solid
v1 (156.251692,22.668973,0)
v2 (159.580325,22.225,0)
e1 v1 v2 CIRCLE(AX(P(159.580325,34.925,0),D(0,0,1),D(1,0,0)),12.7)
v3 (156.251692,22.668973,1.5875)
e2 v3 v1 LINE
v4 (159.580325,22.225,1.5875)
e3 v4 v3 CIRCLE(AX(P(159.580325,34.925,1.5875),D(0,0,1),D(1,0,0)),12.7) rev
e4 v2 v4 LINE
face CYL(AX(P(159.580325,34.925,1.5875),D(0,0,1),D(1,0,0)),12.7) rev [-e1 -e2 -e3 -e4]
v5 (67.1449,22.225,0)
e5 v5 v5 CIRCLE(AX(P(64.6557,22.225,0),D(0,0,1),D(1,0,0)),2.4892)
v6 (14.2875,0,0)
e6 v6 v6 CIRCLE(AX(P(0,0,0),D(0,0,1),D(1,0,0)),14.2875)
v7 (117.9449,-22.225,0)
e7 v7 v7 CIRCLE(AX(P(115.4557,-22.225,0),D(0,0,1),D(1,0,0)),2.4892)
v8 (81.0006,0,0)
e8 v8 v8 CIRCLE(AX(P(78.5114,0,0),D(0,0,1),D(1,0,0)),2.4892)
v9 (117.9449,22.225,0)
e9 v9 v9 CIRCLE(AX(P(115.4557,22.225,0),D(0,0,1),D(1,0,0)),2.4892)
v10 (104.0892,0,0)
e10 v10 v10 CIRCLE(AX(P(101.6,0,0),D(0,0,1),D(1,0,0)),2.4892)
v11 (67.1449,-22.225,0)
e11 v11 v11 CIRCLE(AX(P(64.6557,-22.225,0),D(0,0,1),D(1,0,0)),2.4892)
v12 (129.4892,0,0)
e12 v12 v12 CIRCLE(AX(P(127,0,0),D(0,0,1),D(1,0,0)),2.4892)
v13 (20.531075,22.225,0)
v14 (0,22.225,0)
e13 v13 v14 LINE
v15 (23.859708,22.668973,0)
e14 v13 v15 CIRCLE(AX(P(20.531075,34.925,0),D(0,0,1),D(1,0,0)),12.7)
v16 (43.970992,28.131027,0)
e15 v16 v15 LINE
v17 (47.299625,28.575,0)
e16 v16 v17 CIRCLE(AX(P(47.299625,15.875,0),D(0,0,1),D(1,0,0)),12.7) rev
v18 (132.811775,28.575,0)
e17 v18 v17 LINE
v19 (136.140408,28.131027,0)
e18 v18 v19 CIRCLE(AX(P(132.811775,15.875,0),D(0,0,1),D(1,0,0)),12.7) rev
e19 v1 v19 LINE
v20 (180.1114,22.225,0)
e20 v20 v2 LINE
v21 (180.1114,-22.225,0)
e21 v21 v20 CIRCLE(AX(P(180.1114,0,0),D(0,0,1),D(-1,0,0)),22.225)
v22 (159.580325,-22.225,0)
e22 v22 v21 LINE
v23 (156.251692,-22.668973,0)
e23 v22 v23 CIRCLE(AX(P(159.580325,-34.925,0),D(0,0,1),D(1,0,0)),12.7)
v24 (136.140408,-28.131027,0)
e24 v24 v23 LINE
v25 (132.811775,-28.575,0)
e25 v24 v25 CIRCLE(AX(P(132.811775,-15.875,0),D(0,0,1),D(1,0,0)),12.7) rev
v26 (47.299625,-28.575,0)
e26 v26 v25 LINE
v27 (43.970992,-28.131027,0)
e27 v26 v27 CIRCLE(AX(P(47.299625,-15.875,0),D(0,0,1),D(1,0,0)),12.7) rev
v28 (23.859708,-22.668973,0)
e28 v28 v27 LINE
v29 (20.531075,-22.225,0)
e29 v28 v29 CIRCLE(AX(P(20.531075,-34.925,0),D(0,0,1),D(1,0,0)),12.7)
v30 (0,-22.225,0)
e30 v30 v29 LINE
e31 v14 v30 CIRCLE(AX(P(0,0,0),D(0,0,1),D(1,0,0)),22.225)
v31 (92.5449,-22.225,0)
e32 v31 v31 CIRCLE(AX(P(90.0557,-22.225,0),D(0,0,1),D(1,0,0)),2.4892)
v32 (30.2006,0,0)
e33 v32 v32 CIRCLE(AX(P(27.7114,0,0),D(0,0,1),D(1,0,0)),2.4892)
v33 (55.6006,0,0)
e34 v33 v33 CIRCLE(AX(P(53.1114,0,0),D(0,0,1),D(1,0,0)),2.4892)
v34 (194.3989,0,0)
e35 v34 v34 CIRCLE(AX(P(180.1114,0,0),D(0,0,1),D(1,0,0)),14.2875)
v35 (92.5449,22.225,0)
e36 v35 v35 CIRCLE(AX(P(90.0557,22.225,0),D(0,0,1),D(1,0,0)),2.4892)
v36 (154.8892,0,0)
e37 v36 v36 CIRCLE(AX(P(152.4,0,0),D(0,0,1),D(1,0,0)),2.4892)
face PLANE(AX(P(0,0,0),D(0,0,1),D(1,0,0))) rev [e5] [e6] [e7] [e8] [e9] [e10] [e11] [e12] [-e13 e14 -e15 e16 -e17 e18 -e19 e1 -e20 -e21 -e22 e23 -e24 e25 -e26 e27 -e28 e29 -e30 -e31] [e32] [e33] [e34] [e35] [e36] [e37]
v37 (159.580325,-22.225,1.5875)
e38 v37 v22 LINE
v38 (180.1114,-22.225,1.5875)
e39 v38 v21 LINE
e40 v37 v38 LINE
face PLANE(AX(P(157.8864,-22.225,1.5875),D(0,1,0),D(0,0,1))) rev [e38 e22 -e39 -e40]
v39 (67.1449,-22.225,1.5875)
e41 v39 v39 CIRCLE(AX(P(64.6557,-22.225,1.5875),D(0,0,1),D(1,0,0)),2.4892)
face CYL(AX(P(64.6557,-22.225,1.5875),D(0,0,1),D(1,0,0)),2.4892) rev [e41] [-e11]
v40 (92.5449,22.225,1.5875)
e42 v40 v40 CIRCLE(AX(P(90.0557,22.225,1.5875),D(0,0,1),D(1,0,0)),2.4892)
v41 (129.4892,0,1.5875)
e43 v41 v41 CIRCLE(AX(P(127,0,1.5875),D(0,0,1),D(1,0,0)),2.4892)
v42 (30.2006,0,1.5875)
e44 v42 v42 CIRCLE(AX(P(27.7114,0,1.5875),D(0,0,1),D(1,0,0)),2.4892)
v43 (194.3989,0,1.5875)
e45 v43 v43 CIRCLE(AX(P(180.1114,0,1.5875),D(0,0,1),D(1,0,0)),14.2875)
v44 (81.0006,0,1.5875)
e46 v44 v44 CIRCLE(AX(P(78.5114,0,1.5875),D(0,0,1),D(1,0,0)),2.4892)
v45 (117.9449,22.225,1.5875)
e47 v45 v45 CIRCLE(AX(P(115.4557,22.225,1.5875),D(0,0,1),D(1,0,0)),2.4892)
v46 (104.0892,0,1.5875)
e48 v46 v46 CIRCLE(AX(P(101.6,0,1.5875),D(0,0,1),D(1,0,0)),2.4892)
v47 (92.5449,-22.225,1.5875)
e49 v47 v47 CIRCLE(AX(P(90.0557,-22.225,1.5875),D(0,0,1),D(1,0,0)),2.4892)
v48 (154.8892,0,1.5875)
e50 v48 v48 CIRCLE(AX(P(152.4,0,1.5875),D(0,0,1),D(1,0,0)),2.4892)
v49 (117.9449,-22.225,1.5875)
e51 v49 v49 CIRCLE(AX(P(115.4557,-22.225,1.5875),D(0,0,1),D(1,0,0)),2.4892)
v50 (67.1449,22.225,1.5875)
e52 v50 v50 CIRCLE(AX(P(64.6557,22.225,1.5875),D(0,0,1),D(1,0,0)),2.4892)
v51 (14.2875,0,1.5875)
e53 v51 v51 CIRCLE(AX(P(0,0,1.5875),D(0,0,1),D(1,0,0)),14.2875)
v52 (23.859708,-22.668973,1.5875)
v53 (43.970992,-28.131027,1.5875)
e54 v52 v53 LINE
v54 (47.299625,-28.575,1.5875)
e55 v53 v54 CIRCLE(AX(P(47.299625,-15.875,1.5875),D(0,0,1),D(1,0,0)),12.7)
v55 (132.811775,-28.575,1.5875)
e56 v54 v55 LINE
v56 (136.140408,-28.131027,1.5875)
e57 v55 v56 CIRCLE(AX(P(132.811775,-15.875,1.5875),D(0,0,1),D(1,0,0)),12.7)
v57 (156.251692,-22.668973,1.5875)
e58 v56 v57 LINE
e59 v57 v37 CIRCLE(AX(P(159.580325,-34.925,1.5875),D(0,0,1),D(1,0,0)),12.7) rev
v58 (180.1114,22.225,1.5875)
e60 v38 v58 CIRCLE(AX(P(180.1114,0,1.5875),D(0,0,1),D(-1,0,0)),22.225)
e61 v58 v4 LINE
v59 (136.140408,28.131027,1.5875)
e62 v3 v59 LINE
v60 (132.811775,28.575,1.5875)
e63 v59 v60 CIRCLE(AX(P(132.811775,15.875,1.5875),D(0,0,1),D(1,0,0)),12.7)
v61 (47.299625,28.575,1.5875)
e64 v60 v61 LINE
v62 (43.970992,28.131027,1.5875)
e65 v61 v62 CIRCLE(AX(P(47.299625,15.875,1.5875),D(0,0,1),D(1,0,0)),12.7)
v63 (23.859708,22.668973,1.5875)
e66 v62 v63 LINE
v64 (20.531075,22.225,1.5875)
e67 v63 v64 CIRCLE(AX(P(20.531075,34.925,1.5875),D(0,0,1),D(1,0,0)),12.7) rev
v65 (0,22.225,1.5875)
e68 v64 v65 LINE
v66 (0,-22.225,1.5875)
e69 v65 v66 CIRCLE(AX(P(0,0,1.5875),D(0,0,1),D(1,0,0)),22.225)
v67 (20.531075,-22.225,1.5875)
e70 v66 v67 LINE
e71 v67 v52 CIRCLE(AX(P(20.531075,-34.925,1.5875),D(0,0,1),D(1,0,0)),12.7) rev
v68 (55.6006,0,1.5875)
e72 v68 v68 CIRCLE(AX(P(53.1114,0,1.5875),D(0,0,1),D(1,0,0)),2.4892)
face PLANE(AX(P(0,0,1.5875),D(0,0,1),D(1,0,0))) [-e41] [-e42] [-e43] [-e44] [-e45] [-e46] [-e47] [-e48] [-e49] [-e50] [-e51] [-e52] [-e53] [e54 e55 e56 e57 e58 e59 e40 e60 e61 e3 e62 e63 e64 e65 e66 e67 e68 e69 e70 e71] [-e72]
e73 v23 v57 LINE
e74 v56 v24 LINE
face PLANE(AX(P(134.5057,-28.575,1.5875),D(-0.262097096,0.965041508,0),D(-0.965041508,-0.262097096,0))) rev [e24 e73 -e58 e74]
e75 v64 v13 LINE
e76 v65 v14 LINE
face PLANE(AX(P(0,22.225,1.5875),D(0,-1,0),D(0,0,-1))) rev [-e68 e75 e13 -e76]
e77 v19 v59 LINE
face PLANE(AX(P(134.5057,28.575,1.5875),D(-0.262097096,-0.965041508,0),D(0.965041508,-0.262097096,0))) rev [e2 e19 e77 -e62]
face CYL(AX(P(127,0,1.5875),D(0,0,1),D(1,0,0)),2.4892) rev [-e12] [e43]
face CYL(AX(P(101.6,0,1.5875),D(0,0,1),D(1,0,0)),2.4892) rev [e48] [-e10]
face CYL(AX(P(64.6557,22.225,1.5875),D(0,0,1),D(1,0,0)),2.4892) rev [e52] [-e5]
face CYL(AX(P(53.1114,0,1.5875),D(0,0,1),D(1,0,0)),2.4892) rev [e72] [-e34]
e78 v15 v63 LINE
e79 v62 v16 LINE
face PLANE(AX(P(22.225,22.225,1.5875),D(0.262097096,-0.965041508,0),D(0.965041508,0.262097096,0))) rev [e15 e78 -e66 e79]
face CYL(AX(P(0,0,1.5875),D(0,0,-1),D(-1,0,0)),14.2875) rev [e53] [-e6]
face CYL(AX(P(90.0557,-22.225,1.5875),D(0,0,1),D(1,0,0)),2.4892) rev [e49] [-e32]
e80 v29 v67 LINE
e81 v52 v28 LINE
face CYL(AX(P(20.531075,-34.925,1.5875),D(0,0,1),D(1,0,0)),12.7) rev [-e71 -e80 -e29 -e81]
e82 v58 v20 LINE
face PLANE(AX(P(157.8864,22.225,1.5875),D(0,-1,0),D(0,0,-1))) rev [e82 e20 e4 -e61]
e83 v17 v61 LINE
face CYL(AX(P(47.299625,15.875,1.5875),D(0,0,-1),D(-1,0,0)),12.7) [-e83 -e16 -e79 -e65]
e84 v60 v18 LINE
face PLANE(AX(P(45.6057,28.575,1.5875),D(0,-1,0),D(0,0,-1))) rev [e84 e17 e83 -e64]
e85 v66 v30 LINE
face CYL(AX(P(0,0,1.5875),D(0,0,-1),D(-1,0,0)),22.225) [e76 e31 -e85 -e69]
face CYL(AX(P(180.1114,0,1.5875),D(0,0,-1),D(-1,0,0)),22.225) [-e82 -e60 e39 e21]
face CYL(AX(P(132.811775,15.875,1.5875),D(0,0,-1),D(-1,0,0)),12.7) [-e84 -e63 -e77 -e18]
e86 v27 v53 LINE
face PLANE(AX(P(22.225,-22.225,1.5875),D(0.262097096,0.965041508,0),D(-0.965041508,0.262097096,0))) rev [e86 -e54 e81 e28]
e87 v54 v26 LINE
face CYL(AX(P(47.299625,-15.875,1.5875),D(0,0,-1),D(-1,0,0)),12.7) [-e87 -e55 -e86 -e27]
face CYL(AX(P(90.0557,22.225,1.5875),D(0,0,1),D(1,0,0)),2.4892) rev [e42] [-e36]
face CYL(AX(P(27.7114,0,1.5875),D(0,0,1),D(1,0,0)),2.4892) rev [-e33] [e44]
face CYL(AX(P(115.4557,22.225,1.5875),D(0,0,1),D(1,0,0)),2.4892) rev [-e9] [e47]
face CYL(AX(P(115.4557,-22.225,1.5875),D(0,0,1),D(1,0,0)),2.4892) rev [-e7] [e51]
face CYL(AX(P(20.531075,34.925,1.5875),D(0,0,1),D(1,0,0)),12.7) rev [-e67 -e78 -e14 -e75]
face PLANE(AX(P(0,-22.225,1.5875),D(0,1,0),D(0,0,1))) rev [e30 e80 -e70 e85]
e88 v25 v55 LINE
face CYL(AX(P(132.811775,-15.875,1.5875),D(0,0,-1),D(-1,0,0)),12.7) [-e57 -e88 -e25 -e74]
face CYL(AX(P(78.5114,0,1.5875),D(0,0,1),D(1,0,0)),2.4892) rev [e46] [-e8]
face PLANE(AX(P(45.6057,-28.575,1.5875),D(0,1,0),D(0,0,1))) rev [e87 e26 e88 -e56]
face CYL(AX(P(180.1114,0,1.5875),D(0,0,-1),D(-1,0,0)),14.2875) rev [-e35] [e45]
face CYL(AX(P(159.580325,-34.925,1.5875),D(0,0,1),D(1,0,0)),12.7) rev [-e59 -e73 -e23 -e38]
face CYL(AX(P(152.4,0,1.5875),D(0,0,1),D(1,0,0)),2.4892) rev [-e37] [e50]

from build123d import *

# Parameters (mm, degrees)
SKETCH1_R              = 14.2875
BOSS_EXTRUDE1_DEPTH    = 1.5875
F_10_CLEARANCE_HOLE1_D = 4.9784
FILLET1_R              = 12.7


with BuildPart() as part:
    # Sketch1 → Boss-Extrude1 (new body)
    with BuildSketch(Plane.XY):
        with BuildLine():
            Line((0, 22.225), (22.225, 22.225))
            Line((22.225, 22.225), (45.6057, 28.575))
            Line((45.6057, 28.575), (134.5057, 28.575))
            Line((134.5057, 28.575), (157.8864, 22.225))
            Line((157.8864, 22.225), (180.1114, 22.225))
            ThreePointArc((180.1114, 22.225), (202.3364, 0), (180.1114, -22.225))
            Line((180.1114, -22.225), (157.8864, -22.225))
            Line((157.8864, -22.225), (134.5057, -28.575))
            Line((134.5057, -28.575), (45.6057, -28.575))
            Line((45.6057, -28.575), (22.225, -22.225))
            Line((22.225, -22.225), (0, -22.225))
            ThreePointArc((0, -22.225), (-22.225, 0), (0, 22.225))
        make_face()
        Circle(SKETCH1_R, mode=Mode.SUBTRACT)
        with Locations((180.1114, 0)):
            Circle(SKETCH1_R, mode=Mode.SUBTRACT)
    extrude(amount=BOSS_EXTRUDE1_DEPTH)

    # #10 Clearance Hole1 (through all)
    with Locations(Plane.XY.offset(1.5875)):
        with Locations((64.6557, -22.225), (27.7114, 0), (64.6557, 22.225), (90.0557, 22.225), (53.1114, 0), (78.5114, 0), (101.6, 0), (127, 0), (115.4557, 22.225), (152.4, 0), (115.4557, -22.225), (90.0557, -22.225)):
            Hole(F_10_CLEARANCE_HOLE1_D / 2)

    # Fillet1
    fillet1_edges = [part.edges().sort_by_distance(p)[0] for p in [
        (22.225, 22.225, 0.79375),
        (45.6057, 28.575, 0.79375),
        (134.5057, 28.575, 0.79375),
        (157.8864, 22.225, 0.79375),
        (157.8864, -22.225, 0.79375),
        (134.5057, -28.575, 0.79375),
        (45.6057, -28.575, 0.79375),
        (22.225, -22.225, 0.79375),
    ]]
    fillet(fillet1_edges, radius=FILLET1_R)


solid = part.part
